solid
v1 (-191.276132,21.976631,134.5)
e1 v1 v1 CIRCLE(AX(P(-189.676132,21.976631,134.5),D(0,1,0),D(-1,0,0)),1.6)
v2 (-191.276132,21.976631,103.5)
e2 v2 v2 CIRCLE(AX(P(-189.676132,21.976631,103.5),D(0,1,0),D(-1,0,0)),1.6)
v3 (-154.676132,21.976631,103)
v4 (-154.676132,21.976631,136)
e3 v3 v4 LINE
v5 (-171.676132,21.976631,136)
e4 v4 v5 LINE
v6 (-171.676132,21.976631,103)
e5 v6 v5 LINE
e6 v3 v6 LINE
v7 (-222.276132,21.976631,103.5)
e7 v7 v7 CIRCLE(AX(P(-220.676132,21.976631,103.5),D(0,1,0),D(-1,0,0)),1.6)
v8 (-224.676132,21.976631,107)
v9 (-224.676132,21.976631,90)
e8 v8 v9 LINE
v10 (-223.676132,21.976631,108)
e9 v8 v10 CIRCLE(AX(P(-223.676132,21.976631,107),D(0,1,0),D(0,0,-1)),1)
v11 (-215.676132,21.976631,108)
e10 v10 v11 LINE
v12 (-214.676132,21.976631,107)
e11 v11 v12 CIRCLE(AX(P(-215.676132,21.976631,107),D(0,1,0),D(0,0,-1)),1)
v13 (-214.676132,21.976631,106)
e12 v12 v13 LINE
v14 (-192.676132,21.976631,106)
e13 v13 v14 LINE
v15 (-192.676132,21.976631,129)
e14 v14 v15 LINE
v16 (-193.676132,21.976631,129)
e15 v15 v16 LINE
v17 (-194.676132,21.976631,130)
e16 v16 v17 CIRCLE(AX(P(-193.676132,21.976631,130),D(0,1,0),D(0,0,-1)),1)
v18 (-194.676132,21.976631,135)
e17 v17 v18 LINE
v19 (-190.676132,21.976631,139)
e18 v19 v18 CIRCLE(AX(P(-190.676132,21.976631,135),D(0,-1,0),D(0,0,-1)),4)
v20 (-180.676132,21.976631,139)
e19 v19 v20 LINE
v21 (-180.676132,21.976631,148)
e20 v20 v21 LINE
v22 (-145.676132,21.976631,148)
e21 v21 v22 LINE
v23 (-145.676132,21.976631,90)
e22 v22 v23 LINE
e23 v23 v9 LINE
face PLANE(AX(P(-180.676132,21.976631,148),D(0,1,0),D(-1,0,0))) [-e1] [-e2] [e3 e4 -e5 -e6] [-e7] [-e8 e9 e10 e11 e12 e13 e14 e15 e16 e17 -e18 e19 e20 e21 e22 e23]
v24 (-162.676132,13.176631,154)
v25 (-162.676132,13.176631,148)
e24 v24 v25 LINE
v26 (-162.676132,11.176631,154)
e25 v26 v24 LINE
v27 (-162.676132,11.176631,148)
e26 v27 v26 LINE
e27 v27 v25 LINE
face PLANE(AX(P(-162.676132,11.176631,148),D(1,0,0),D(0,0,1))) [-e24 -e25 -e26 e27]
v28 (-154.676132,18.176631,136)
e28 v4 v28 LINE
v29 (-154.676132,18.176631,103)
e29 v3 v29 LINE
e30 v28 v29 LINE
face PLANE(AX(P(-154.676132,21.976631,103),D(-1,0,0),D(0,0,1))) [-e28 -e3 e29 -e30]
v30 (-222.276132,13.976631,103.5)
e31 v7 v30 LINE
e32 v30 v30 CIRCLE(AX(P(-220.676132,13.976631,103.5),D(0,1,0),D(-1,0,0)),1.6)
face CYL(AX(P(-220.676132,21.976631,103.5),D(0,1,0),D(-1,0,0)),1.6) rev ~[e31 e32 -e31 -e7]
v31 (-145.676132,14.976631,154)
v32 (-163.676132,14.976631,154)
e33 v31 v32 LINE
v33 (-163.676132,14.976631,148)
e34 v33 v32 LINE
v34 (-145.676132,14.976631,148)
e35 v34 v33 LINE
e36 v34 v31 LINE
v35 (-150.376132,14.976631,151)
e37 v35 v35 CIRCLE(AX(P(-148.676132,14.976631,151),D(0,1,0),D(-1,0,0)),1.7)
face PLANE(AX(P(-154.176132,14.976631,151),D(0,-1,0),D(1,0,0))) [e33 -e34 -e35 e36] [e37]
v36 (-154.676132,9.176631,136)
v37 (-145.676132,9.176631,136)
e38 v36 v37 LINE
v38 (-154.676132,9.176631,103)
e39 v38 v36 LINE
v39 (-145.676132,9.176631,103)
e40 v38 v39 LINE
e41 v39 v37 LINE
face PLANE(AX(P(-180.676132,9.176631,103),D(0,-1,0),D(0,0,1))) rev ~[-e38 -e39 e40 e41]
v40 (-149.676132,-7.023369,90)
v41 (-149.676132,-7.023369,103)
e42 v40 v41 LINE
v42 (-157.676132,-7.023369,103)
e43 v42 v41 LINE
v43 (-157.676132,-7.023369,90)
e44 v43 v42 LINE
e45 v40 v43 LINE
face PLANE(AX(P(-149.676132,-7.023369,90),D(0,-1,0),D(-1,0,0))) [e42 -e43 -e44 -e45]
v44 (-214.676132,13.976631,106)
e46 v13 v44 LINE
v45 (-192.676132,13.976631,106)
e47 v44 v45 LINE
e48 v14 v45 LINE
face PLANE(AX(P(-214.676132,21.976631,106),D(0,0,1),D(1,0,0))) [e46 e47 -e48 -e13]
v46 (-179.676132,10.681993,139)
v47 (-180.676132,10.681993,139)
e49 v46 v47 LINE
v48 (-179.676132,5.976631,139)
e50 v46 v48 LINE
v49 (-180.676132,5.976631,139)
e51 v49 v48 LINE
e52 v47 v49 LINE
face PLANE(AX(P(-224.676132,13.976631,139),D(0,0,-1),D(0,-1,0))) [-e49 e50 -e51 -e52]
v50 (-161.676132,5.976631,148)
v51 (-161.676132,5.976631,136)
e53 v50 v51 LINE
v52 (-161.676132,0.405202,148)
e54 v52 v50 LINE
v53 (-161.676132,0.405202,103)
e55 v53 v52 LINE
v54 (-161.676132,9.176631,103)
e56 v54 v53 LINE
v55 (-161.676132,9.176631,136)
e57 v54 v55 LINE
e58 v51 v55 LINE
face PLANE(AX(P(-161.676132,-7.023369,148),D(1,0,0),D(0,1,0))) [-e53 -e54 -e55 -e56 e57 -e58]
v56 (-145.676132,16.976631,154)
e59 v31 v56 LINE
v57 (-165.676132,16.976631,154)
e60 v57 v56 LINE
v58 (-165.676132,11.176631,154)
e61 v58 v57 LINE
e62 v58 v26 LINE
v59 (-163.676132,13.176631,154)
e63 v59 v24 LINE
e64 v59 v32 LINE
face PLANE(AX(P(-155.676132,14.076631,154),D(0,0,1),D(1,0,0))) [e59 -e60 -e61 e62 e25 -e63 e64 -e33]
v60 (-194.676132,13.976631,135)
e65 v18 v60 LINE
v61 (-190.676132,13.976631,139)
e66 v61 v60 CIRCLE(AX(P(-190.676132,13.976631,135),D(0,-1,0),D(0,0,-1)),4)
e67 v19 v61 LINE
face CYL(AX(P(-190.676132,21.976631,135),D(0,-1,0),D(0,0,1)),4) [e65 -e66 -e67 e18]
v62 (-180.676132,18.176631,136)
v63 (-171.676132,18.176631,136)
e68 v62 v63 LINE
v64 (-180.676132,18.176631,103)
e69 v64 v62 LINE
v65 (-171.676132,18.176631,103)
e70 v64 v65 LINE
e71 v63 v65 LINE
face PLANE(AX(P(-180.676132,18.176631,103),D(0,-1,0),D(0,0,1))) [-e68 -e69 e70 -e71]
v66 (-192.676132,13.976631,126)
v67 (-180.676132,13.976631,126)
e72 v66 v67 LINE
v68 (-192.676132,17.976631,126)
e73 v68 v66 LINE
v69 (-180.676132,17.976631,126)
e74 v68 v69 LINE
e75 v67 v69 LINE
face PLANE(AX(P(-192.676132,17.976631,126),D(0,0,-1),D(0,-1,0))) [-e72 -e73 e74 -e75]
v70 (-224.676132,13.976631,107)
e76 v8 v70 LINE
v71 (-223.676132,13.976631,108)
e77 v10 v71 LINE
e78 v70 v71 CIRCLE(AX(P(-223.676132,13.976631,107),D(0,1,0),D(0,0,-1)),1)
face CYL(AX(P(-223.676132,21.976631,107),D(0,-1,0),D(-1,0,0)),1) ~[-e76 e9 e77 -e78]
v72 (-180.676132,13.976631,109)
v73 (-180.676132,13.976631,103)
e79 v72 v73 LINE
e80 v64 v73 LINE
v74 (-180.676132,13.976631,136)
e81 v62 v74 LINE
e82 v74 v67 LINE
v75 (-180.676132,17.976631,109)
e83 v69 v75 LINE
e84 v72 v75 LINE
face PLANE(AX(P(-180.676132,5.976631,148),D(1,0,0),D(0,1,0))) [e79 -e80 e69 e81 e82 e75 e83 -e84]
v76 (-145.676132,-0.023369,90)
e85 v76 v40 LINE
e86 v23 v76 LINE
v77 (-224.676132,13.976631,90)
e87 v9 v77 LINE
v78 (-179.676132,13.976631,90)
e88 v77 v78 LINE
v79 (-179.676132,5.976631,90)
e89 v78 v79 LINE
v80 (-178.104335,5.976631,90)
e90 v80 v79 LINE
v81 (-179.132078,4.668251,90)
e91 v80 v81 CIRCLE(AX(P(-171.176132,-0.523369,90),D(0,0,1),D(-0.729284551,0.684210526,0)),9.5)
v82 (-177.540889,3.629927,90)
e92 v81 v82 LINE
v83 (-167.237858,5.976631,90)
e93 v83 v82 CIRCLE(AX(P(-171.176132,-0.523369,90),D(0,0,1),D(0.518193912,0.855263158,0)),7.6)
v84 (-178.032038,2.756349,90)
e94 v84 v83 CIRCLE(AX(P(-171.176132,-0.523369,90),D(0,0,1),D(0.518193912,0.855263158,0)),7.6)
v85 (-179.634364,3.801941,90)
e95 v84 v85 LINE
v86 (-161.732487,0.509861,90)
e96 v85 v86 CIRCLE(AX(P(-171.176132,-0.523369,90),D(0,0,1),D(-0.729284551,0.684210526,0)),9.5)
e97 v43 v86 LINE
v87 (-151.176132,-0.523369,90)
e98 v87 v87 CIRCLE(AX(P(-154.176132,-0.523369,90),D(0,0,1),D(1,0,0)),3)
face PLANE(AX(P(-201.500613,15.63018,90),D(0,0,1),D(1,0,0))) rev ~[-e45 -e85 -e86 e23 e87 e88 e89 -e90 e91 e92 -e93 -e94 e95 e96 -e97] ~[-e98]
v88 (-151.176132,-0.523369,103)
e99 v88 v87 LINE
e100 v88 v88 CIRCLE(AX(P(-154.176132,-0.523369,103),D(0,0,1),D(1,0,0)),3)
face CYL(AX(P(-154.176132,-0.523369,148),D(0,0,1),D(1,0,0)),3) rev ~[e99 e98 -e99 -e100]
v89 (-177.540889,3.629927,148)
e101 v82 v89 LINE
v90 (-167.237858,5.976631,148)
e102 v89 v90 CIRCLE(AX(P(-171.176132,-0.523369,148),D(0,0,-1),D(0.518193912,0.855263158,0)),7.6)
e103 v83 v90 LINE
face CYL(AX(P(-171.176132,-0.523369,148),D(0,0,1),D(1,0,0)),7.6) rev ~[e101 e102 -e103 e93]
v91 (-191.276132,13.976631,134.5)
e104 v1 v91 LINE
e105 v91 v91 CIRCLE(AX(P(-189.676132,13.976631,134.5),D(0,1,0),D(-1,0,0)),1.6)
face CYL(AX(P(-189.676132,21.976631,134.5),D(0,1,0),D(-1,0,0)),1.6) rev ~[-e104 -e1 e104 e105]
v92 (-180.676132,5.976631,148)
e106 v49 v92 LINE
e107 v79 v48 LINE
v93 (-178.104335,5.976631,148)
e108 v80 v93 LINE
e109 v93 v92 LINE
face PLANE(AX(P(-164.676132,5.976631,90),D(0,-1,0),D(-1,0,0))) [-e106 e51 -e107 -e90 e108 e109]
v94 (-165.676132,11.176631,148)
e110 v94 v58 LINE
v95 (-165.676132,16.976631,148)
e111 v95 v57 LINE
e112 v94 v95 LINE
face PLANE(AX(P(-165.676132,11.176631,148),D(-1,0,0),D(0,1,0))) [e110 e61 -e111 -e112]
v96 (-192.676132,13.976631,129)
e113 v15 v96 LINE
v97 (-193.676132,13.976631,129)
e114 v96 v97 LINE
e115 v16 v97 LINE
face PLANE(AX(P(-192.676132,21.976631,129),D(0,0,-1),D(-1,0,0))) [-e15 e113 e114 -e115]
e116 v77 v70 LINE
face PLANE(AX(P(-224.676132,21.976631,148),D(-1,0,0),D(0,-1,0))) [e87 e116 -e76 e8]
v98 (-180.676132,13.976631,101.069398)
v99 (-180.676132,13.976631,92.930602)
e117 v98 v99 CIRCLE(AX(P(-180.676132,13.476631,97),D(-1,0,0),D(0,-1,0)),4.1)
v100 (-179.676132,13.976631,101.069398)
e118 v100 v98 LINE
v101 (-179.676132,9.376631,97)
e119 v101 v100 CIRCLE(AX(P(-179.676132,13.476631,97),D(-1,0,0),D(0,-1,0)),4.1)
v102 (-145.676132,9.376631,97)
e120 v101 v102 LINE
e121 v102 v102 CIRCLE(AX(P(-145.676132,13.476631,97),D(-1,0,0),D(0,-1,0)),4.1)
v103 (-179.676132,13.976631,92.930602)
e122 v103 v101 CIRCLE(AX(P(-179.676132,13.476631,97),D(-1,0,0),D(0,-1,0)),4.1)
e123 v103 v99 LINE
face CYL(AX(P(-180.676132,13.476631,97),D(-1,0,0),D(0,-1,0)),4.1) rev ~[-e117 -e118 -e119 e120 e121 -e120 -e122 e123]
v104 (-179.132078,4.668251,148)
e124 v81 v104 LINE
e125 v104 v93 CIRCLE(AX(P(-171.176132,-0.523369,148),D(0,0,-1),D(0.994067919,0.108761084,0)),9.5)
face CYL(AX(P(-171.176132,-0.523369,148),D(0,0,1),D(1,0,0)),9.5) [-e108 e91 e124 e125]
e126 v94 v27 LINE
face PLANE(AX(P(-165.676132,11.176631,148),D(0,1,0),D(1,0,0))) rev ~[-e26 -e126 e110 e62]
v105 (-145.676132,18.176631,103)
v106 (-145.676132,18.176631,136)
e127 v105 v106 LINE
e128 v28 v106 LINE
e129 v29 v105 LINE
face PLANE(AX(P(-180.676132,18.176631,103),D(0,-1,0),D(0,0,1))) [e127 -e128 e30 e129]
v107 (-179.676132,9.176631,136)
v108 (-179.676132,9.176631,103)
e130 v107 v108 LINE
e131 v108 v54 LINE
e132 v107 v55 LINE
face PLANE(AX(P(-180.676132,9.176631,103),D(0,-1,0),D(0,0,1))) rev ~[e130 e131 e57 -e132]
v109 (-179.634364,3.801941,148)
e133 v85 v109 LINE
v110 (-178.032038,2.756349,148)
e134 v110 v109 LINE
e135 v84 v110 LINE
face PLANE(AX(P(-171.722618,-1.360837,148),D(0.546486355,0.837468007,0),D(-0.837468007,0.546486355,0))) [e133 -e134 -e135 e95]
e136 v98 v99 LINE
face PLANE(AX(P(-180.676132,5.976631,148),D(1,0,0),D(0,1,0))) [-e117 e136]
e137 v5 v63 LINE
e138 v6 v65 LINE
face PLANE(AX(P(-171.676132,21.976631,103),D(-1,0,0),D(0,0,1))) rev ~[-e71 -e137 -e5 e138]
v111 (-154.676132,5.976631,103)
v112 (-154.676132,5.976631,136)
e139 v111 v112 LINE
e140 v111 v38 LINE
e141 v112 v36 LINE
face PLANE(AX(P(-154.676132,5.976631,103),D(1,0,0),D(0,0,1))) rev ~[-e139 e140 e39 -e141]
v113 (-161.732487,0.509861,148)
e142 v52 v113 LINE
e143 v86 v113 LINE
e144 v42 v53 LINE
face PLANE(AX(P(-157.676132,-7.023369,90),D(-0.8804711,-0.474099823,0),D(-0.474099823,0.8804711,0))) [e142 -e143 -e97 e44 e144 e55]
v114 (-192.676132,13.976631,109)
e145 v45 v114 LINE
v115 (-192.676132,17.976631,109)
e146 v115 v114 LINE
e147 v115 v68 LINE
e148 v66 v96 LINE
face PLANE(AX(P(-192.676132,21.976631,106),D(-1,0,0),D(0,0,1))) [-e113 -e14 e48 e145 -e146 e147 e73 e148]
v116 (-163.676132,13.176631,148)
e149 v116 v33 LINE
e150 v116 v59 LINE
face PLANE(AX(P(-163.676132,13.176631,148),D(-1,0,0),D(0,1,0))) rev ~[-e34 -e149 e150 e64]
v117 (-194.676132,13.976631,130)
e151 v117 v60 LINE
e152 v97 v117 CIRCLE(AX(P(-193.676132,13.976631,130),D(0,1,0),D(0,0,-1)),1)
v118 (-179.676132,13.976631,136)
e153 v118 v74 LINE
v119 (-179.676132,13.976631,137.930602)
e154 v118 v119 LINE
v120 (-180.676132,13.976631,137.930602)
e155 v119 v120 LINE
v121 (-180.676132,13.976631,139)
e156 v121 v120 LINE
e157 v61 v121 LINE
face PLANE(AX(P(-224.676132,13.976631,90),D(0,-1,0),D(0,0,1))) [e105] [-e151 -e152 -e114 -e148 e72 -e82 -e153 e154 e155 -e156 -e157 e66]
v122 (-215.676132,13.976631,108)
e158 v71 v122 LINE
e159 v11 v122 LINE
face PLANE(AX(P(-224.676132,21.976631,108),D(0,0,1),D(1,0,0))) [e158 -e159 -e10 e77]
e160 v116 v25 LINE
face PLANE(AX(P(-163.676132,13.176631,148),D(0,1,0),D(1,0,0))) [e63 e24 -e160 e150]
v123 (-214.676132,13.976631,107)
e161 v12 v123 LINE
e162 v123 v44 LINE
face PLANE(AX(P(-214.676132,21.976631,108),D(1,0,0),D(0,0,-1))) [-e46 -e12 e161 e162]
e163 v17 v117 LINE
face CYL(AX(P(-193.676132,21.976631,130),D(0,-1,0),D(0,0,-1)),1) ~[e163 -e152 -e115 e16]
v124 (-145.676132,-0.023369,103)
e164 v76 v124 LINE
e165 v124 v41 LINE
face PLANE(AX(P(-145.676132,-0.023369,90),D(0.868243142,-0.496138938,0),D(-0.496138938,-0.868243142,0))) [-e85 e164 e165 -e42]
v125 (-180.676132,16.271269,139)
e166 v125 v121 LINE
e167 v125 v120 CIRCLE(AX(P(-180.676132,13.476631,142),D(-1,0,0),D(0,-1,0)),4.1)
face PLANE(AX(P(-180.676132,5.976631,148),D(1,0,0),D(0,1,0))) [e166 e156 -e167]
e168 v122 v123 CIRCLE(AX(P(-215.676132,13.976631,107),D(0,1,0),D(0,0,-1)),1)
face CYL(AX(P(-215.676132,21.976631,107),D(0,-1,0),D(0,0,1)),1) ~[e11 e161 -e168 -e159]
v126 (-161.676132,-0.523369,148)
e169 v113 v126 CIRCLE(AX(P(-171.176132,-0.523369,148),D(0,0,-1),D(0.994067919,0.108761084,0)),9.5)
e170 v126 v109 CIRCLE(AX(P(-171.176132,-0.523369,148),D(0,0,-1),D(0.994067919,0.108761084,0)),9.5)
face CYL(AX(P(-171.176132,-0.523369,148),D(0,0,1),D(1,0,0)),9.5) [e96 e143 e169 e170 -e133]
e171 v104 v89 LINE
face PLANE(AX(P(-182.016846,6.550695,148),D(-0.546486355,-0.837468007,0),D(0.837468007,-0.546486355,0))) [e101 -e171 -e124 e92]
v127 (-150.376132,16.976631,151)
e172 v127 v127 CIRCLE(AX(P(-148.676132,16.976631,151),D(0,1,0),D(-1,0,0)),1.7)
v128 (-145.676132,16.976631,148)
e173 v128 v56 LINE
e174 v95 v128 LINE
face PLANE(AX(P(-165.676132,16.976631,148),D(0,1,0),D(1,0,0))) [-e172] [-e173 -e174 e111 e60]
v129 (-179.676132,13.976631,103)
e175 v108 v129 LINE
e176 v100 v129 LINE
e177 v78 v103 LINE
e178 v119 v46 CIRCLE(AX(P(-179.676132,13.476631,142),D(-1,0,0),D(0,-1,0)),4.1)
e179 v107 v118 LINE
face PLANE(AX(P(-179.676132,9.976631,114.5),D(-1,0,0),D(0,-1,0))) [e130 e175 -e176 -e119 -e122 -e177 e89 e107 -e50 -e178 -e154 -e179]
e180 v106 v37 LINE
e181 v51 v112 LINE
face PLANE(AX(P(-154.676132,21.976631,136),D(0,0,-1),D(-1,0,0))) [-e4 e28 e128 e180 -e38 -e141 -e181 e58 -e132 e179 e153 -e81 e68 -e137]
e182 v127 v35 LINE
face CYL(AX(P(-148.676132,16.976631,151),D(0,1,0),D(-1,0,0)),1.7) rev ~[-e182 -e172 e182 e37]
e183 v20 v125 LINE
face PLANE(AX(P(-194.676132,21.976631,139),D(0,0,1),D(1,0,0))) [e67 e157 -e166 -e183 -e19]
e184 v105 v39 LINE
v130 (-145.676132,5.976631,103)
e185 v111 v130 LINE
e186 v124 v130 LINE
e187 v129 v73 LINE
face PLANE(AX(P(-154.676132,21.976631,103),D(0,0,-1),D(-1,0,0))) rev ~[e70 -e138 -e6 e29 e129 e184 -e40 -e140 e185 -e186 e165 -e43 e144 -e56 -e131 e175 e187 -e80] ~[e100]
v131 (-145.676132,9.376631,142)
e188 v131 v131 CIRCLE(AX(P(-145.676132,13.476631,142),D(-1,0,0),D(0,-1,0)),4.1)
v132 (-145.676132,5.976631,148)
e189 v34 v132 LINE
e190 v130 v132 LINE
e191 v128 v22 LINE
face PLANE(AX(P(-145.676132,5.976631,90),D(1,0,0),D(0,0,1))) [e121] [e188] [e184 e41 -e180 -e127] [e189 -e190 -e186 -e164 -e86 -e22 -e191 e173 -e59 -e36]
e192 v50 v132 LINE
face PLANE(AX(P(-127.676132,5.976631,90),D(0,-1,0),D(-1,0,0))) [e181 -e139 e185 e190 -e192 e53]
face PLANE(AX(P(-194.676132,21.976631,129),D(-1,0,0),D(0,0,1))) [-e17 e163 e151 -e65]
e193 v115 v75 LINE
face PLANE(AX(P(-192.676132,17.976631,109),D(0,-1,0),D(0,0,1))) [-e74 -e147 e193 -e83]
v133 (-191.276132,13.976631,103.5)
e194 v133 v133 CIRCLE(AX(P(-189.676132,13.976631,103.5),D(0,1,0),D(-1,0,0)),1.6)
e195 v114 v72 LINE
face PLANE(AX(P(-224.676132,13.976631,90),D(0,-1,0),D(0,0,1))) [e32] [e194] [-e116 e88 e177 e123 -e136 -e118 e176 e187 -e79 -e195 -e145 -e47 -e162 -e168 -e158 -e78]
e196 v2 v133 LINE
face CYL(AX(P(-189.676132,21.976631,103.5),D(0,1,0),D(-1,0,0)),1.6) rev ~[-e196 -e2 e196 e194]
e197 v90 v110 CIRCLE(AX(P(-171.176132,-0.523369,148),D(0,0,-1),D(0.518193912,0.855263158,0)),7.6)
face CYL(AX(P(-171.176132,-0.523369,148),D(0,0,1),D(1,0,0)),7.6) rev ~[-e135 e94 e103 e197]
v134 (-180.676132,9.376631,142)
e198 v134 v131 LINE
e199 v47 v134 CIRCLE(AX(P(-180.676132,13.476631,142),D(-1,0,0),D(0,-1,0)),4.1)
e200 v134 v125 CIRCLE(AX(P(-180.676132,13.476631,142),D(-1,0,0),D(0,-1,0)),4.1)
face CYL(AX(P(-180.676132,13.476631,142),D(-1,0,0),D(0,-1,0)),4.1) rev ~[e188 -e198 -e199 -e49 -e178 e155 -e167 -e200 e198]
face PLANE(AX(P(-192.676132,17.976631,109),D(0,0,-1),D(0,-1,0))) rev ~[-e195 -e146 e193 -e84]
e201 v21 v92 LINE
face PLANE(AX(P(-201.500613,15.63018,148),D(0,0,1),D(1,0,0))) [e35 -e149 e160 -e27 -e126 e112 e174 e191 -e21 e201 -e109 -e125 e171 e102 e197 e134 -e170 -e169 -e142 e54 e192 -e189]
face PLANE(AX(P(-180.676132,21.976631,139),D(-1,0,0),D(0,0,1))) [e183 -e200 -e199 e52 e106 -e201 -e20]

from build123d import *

# Parameters (mm, degrees)
PAD_DEPTH       = 58
SKETCH001_R     = 9.5
SKETCH001_R_2   = 7.6
PAD001_DEPTH    = 58
SKETCH002_R     = 7.6
SKETCH002_R_2   = 3
POCKET_DEPTH    = 58
SKETCH003_R     = 4.1
SKETCH003_W     = 9
SKETCH003_H     = 33
POCKET001_DEPTH = 55
SKETCH004_W     = 16
SKETCH004_H     = 13
POCKET002_DEPTH = 45
PAD002_DEPTH    = 58
SKETCH006_R     = 1.6
POCKET003_DEPTH = 17
SKETCH007_W     = 18
SKETCH007_H     = 58
POCKET004_DEPTH = 25
SKETCH008_W     = 17
SKETCH008_H     = 33
POCKET005_DEPTH = 5
SKETCH009_W     = 7
SKETCH009_H     = 33
POCKET006_DEPTH = 5
SKETCH010_W     = 8
SKETCH010_H     = 49
POCKET007_DEPTH = 45
SKETCH011_W     = 4
SKETCH011_H     = 17
POCKET008_DEPTH = 20
POCKET009_DEPTH = 58
SKETCH013_W     = 20
SKETCH013_H     = 5.8
SKETCH013_W_2   = 17.2
SKETCH013_H_2   = 1.8
PAD003_DEPTH    = 6
SKETCH014_W     = 17
SKETCH014_H     = 6
POCKET010_DEPTH = 3.8
SKETCH015_R     = 1.7
POCKET011_DEPTH = 27.001
FILLET_R        = 1
FILLET001_R     = 4


with BuildPart() as part:
    # Sketch → Pad (new body)
    with BuildSketch(Plane(origin=(-133, 0, 90), x_dir=(1, 0, 0), z_dir=(0, 0, 1))):
        Polygon((-47.676132, 21.976631), (5.323868, 21.976631), (5.323868, 5.976631), (-12.676132, 5.976631), (-12.676132, -0.023369), (-16.676132, -7.023369), (-24.676132, -7.023369), (-31.676132, 5.976631), (-47.676132, 5.976631), align=None)
    extrude(amount=PAD_DEPTH)

    # Sketch001 → Pad001 (new body)
    with BuildSketch(Plane(origin=(-133, 0, 148), x_dir=(1, 0, 0), z_dir=(0, 0, 1))):
        with Locations((-38.176132, -0.523369)):
            Circle(SKETCH001_R)
        with Locations((-38.176132, -0.523369)):
            Circle(SKETCH001_R_2, mode=Mode.SUBTRACT)
    extrude(amount=-PAD001_DEPTH)

    # Sketch002 → Pocket (cut)
    with BuildSketch(Plane(origin=(-133, 0, 148), x_dir=(1, 0, 0), z_dir=(0, 0, 1))):
        with Locations((-38.176132, -0.523369)):
            Circle(SKETCH002_R)
        with Locations((-21.176132, -0.523369)):
            Circle(SKETCH002_R_2)
    extrude(amount=-POCKET_DEPTH, mode=Mode.SUBTRACT)

    # Sketch003 → Pocket001 (cut)
    with BuildSketch(Plane(origin=(-180.676132, 0, 90), x_dir=(0, -1, 0), z_dir=(-1, 0, 0))):
        with Locations((-13.476631, 52)):
            Circle(SKETCH003_R)
        with Locations((-13.476631, 7)):
            Circle(SKETCH003_R)
        with Locations((-13.676631, 29.5)):
            Rectangle(SKETCH003_W, SKETCH003_H)
    extrude(amount=-POCKET001_DEPTH, mode=Mode.SUBTRACT)

    # Sketch004 → Pocket002 (cut)
    with BuildSketch(Plane(origin=(-133, 0, 148), x_dir=(1, 0, 0), z_dir=(0, 0, 1))):
        with Locations((-20.676132, -0.523369)):
            Rectangle(SKETCH004_W, SKETCH004_H)
    extrude(amount=-POCKET002_DEPTH, mode=Mode.SUBTRACT)

    # Sketch005 → Pad002 (new body)
    with BuildSketch(Plane(origin=(-133, 0, 148), x_dir=(1, 0, 0), z_dir=(0, 0, 1))):
        Polygon((-47.676132, 21.976631), (-91.676132, 21.976631), (-91.676132, 11.976631), (-81.676132, 11.976631), (-47.676132, 5.976631), align=None)
    extrude(amount=-PAD002_DEPTH)

    # Sketch006 → Pocket003 (cut)
    with BuildSketch(Plane(origin=(-133, 21.976631, 90), x_dir=(-1, 0, 0), z_dir=(0, 1, 0))):
        with Locations((56.676132, 44.5)):
            Circle(SKETCH006_R)
        with Locations((56.676132, 13.5)):
            Circle(SKETCH006_R)
        with Locations((87.676132, 13.5)):
            Circle(SKETCH006_R)
        Polygon((91.676132, 18), (81.676132, 18), (81.676132, 16), (59.676132, 16), (59.676132, 39), (61.676132, 39), (61.676132, 49), (47.676132, 49), (47.676132, 58), (91.676132, 58), align=None)
    extrude(amount=-POCKET003_DEPTH, mode=Mode.SUBTRACT)

    # Sketch007 → Pocket004 (cut)
    with BuildSketch(Plane(origin=(-133, 5.976631, 90), x_dir=(1, 0, 0), z_dir=(0, -1, 0))):
        with Locations((-3.676132, 29)):
            Rectangle(SKETCH007_W, SKETCH007_H)
    extrude(amount=-POCKET004_DEPTH, mode=Mode.SUBTRACT)

    # Sketch008 → Pocket005 (cut)
    with BuildSketch(Plane(origin=(-133, 21.976631, 90), x_dir=(-1, 0, 0), z_dir=(0, 1, 0))):
        with Locations((30.176132, 29.5)):
            Rectangle(SKETCH008_W, SKETCH008_H)
    extrude(amount=-POCKET005_DEPTH, mode=Mode.SUBTRACT)

    # Sketch009 → Pocket006 (cut)
    with BuildSketch(Plane(origin=(-133, 5.976631, 90), x_dir=(1, 0, 0), z_dir=(0, -1, 0))):
        with Locations((-25.176132, 29.5)):
            Rectangle(SKETCH009_W, SKETCH009_H)
    extrude(amount=-POCKET006_DEPTH, mode=Mode.SUBTRACT)

    # Sketch010 → Pocket007 (cut)
    with BuildSketch(Plane(origin=(-224.676132, 0, 90), x_dir=(0, -1, 0), z_dir=(-1, 0, 0))):
        with Locations((-9.976631, 24.5)):
            Rectangle(SKETCH010_W, SKETCH010_H)
    extrude(amount=-POCKET007_DEPTH, mode=Mode.SUBTRACT)

    # Sketch011 → Pocket008 (cut)
    with BuildSketch(Plane(origin=(-192.676132, 0, 90), x_dir=(0, -1, 0), z_dir=(-1, 0, 0))):
        with Locations((-15.976631, 27.5)):
            Rectangle(SKETCH011_W, SKETCH011_H)
    extrude(amount=-POCKET008_DEPTH, mode=Mode.SUBTRACT)

    # Sketch012 → Pocket009 (cut)
    with BuildSketch(Plane(origin=(-133, 0, 148), x_dir=(1, 0, 0), z_dir=(0, 0, 1))):
        Polygon((-38.722618, -1.360837), (-49.563332, 5.713227), (-49.016846, 6.550695), (-38.176132, -0.523369), align=None)
    extrude(amount=-POCKET009_DEPTH, mode=Mode.SUBTRACT)

    # Sketch013 → Pad003 (new body)
    with BuildSketch(Plane(origin=(-133, 0, 148), x_dir=(1, 0, 0), z_dir=(0, 0, 1))):
        with Locations((-22.676132, 14.076631)):
            Rectangle(SKETCH013_W, SKETCH013_H)
        with Locations((-22.076132, 14.076631)):
            Rectangle(SKETCH013_W_2, SKETCH013_H_2, mode=Mode.SUBTRACT)
    extrude(amount=PAD003_DEPTH)

    # Sketch014 → Pocket010 (cut)
    with BuildSketch(Plane(origin=(-133, 11.176631, 90), x_dir=(1, 0, 0), z_dir=(0, -1, 0))):
        with Locations((-21.176132, 61)):
            Rectangle(SKETCH014_W, SKETCH014_H)
    extrude(amount=-POCKET010_DEPTH, mode=Mode.SUBTRACT)

    # Sketch015 → Pocket011 (cut, through all)
    with BuildSketch(Plane(origin=(-133, 16.976631, 90), x_dir=(-1, 0, 0), z_dir=(0, 1, 0))):
        with Locations((15.676132, 61)):
            Circle(SKETCH015_R)
    extrude(amount=-POCKET011_DEPTH, mode=Mode.SUBTRACT)

    # Fillet
    fillet_edges = [part.edges().sort_by_distance(p)[0] for p in [
        (-224.676132, 17.976631, 108),
        (-194.676132, 17.976631, 129),
        (-214.676132, 17.976631, 108),
    ]]
    fillet(fillet_edges, radius=FILLET_R)

    # Fillet001
    fillet001_edges = [part.edges().sort_by_distance(p)[0] for p in [
        (-194.676132, 17.976631, 139),
    ]]
    fillet(fillet001_edges, radius=FILLET001_R)


solid = part.part
